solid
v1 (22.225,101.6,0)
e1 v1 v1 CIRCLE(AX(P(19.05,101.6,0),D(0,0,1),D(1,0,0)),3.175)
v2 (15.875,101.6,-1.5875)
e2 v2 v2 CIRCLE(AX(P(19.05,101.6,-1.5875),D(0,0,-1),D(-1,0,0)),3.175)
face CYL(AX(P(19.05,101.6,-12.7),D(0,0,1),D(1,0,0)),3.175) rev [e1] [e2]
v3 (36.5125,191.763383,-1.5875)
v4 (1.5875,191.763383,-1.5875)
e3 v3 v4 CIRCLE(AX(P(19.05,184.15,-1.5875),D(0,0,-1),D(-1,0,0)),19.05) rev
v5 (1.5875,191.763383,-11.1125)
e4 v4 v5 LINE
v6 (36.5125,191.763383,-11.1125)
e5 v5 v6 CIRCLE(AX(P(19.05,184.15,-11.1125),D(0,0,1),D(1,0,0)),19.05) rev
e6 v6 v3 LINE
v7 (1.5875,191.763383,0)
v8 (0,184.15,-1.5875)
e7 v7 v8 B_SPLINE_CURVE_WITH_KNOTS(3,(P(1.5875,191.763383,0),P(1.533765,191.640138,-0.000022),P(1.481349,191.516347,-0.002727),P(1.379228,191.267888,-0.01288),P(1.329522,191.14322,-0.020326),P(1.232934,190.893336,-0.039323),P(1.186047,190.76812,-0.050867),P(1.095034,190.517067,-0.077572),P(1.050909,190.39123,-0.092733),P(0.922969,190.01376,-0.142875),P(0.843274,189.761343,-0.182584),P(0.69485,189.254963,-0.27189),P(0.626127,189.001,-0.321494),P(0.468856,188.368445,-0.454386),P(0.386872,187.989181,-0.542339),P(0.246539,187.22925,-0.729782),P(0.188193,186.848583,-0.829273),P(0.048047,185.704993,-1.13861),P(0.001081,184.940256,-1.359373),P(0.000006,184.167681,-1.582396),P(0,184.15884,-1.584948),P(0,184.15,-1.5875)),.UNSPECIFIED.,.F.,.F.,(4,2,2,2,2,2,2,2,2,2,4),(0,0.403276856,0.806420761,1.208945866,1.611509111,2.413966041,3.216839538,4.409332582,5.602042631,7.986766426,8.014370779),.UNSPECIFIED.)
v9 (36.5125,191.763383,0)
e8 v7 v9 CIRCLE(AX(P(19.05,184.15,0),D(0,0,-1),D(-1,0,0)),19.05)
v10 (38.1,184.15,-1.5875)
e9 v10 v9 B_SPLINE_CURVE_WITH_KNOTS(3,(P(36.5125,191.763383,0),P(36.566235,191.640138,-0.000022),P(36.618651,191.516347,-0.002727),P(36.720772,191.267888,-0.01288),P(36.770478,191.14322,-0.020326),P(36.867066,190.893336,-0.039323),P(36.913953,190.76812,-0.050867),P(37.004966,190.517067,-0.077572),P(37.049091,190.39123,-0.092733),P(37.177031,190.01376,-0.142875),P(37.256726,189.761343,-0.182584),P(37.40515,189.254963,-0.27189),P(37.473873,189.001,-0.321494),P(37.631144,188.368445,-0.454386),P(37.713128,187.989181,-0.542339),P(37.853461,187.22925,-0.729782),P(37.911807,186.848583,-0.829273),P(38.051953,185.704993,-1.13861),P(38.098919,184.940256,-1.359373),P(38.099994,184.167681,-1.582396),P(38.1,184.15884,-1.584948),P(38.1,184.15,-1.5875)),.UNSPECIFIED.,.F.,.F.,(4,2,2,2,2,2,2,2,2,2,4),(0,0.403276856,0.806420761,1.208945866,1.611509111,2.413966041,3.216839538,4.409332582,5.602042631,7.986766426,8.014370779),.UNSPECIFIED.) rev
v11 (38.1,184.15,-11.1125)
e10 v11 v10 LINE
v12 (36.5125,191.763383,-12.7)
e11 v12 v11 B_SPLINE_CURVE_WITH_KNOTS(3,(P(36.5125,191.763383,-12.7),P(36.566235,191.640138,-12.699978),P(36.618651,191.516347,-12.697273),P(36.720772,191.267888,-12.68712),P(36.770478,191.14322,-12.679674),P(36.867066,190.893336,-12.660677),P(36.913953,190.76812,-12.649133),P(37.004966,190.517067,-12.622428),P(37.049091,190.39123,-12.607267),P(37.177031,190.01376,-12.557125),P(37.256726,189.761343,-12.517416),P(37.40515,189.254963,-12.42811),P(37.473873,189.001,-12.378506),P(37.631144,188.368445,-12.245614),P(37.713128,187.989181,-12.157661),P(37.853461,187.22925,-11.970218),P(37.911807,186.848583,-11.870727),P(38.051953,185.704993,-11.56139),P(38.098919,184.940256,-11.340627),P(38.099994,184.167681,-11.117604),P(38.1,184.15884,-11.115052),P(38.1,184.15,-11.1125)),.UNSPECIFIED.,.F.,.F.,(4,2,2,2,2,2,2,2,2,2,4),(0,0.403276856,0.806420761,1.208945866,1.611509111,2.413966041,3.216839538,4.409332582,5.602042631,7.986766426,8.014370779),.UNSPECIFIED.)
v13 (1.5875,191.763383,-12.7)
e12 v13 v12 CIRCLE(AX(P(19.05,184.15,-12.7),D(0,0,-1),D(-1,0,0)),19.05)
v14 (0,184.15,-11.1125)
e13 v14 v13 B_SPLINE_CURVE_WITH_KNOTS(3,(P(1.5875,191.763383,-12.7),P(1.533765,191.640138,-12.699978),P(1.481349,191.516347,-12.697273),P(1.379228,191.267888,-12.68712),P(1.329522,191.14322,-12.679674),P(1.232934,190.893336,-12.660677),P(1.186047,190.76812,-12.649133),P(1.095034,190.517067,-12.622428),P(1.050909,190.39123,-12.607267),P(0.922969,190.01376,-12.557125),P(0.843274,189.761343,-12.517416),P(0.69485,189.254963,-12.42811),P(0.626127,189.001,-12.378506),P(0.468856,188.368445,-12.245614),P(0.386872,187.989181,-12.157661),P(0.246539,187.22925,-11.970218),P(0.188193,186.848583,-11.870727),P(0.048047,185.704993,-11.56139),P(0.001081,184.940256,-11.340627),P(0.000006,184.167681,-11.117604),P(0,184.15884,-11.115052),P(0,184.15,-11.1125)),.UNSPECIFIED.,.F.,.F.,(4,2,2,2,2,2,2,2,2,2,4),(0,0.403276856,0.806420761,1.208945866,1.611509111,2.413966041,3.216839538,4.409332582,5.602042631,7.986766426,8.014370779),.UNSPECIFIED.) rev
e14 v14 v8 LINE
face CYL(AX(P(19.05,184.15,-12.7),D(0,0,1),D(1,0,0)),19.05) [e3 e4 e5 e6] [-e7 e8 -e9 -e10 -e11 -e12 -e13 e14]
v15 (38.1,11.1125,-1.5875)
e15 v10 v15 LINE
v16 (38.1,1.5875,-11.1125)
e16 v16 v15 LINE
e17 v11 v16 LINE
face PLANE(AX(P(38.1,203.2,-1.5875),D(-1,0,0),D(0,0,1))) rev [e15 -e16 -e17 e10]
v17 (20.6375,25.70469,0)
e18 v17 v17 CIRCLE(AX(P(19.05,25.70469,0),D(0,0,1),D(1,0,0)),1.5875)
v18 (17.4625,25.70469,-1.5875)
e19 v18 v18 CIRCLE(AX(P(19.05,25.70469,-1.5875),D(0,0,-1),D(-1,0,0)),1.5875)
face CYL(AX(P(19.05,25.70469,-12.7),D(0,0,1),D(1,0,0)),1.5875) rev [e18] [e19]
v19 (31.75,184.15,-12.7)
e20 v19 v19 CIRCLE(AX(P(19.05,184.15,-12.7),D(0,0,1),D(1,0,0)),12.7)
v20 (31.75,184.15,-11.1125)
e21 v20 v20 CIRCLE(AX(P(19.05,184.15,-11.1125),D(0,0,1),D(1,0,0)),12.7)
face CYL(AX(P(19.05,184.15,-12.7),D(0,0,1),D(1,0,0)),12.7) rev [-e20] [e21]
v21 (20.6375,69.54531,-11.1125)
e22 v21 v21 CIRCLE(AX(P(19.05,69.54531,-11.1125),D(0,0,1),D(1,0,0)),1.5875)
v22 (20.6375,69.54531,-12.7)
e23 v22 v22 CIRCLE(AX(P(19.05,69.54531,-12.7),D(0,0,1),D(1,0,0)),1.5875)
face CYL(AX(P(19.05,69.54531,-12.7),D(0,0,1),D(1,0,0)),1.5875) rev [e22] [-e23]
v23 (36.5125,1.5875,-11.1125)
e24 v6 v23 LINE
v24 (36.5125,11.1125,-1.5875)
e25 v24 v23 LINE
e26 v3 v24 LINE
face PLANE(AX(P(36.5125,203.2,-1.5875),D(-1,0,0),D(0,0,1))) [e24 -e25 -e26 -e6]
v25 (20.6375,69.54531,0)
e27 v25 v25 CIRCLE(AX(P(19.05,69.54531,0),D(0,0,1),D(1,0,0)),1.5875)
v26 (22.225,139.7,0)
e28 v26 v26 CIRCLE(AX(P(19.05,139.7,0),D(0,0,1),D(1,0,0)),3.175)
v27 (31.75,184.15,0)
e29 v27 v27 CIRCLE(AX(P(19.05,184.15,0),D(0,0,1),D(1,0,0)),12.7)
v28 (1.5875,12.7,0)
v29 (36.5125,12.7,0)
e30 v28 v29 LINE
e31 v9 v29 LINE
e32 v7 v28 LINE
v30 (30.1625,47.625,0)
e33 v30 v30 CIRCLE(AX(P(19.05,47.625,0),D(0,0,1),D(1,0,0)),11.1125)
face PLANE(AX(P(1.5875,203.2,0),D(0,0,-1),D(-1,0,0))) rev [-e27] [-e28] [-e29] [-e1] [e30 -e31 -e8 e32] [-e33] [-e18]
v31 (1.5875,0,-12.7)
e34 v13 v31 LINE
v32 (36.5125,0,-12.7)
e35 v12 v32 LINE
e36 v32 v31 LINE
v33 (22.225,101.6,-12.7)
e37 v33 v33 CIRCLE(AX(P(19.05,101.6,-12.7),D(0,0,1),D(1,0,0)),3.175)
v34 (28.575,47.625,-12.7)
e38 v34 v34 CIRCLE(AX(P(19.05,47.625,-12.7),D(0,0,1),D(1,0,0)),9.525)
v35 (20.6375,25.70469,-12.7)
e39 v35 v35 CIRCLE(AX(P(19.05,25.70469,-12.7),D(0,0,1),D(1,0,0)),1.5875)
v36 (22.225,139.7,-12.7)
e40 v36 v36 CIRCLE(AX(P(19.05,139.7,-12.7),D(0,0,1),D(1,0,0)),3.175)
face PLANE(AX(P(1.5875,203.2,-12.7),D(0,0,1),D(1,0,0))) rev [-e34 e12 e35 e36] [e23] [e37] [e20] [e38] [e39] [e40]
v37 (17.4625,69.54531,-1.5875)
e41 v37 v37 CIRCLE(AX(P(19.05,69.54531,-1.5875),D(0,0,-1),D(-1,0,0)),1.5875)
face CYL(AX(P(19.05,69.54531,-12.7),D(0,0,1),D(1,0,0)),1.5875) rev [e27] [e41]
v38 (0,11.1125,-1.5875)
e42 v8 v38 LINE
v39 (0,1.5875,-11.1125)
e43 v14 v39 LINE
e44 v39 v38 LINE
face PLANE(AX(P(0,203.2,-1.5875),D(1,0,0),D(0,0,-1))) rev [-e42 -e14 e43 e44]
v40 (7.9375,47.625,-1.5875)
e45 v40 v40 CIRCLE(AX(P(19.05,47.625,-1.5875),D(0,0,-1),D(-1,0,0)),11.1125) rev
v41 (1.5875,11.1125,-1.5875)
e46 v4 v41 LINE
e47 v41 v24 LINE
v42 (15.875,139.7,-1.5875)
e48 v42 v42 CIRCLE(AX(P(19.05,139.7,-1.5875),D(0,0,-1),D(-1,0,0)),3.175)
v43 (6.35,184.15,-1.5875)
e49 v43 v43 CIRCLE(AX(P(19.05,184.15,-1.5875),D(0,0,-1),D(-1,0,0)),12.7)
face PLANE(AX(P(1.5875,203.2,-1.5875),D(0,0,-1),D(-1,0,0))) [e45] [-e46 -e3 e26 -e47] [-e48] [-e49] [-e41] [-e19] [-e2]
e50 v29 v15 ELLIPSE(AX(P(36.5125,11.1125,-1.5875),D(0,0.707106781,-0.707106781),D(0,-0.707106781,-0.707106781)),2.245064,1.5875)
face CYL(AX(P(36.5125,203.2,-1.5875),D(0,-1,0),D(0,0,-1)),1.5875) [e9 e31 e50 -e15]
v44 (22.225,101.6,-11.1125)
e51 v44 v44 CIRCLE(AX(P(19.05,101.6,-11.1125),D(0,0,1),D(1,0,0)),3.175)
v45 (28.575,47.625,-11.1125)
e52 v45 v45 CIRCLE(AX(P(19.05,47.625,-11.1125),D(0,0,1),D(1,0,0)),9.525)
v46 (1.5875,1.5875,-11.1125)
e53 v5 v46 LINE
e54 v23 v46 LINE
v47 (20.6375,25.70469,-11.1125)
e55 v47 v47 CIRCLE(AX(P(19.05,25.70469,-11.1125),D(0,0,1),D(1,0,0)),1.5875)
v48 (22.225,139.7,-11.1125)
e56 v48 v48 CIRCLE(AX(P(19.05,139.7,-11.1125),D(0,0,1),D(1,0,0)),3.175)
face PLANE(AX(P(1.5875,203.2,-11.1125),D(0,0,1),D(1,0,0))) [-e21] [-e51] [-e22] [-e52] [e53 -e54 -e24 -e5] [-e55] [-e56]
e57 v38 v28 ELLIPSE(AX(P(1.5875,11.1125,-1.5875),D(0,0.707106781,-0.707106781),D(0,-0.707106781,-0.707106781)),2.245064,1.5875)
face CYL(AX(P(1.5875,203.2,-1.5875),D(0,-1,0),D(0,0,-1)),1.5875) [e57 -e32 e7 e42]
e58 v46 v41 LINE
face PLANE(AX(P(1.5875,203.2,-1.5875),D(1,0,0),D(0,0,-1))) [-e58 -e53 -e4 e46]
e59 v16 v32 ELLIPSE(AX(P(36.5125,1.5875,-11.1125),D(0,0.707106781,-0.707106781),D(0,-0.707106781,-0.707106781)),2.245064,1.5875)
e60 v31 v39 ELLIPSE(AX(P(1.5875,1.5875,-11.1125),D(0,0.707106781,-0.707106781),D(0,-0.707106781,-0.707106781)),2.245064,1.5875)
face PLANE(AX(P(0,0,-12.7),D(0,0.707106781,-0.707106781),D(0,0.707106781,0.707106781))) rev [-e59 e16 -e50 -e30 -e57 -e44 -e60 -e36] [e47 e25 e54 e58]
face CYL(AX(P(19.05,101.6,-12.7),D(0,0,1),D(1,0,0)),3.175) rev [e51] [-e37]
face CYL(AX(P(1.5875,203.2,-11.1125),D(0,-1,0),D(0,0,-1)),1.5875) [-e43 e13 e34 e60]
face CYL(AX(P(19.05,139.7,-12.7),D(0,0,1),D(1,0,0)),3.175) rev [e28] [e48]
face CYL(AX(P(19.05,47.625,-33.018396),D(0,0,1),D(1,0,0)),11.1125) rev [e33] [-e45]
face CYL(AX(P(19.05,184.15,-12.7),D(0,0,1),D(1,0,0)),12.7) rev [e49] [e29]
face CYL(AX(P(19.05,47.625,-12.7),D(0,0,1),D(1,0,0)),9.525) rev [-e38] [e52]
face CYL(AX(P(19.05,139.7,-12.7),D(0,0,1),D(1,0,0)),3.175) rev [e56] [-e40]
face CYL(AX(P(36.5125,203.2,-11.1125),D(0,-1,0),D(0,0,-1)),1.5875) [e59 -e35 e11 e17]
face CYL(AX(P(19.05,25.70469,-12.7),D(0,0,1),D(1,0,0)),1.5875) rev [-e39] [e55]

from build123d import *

# Parameters (mm, degrees)
SKETCH1_W           = 34.925
SKETCH1_H           = 9.525
BOSS_EXTRUDE1_DEPTH = 203.2
SKETCH2_R           = 3.175
SKETCH2_R_2         = 12.7
SKETCH2_R_3         = 1.5875
SKETCH2_R_4         = 9.525
CUT_EXTRUDE1_DEPTH  = 13.7
CUT_EXTRUDE2_DEPTH  = 39.1000001
SKETCH4_R           = 11.1125
CUT_EXTRUDE3_DEPTH  = 1.5875


with BuildPart() as part:
    # Sketch1 → Boss-Extrude1 (new body)
    with BuildSketch(Plane(origin=(0, 0, 0), x_dir=(1, 0, 0), z_dir=(0, 1, 0))):
        with BuildLine():
            Line((1.5875, 0), (36.5125, 0))
            ThreePointArc((36.5125, 0), (37.635032015, 0.464967985), (38.1, 1.5875))
            Line((38.1, 1.5875), (38.1, 11.1125))
            ThreePointArc((38.1, 11.1125), (37.635032015, 12.235032015), (36.5125, 12.7))
            Line((36.5125, 12.7), (1.5875, 12.7))
            ThreePointArc((1.5875, 12.7), (0.464967985, 12.235032015), (0, 11.1125))
            Line((0, 11.1125), (0, 1.5875))
            ThreePointArc((0, 1.5875), (0.464967985, 0.464967985), (1.5875, 0))
        make_face()
        with Locations((19.05, 6.35)):
            Rectangle(SKETCH1_W, SKETCH1_H, mode=Mode.SUBTRACT)
    extrude(amount=BOSS_EXTRUDE1_DEPTH)

    # Sketch2 → Cut-Extrude1 (cut, through all)
    with BuildSketch(Plane.XY):
        with Locations((19.05, 101.6)):
            Circle(SKETCH2_R)
        with Locations((19.05, 139.7)):
            Circle(SKETCH2_R)
        with Locations((19.05, 184.15)):
            Circle(SKETCH2_R_2)
        with Locations((19.05, 25.704689783)):
            Circle(SKETCH2_R_3)
        with Locations((19.05, 47.625)):
            Circle(SKETCH2_R_4)
        with Locations((19.05, 69.545310217)):
            Circle(SKETCH2_R_3)
        with BuildLine():
            Line((0, 184.15), (0, 209.55))
            Line((0, 209.55), (38.1, 209.55))
            Line((38.1, 209.55), (38.1, 184.15))
            ThreePointArc((38.1, 184.15), (19.05, 203.2), (0, 184.15))
        make_face()
    extrude(amount=-CUT_EXTRUDE1_DEPTH, mode=Mode.SUBTRACT)

    # Sketch3 → Cut-Extrude2 (cut, through all)
    with BuildSketch(Plane(origin=(38.1, 0, 0), x_dir=(0, 0, -1), z_dir=(1, 0, 0))):
        Polygon((0, 0), (12.7, 0), (0, 12.7), align=None)
    extrude(amount=-CUT_EXTRUDE2_DEPTH, mode=Mode.SUBTRACT)

    # Sketch4 → Cut-Extrude3 (cut)
    with BuildSketch(Plane.XY):
        with Locations((19.05, 47.625)):
            Circle(SKETCH4_R)
    extrude(amount=-CUT_EXTRUDE3_DEPTH, mode=Mode.SUBTRACT)


solid = part.part
